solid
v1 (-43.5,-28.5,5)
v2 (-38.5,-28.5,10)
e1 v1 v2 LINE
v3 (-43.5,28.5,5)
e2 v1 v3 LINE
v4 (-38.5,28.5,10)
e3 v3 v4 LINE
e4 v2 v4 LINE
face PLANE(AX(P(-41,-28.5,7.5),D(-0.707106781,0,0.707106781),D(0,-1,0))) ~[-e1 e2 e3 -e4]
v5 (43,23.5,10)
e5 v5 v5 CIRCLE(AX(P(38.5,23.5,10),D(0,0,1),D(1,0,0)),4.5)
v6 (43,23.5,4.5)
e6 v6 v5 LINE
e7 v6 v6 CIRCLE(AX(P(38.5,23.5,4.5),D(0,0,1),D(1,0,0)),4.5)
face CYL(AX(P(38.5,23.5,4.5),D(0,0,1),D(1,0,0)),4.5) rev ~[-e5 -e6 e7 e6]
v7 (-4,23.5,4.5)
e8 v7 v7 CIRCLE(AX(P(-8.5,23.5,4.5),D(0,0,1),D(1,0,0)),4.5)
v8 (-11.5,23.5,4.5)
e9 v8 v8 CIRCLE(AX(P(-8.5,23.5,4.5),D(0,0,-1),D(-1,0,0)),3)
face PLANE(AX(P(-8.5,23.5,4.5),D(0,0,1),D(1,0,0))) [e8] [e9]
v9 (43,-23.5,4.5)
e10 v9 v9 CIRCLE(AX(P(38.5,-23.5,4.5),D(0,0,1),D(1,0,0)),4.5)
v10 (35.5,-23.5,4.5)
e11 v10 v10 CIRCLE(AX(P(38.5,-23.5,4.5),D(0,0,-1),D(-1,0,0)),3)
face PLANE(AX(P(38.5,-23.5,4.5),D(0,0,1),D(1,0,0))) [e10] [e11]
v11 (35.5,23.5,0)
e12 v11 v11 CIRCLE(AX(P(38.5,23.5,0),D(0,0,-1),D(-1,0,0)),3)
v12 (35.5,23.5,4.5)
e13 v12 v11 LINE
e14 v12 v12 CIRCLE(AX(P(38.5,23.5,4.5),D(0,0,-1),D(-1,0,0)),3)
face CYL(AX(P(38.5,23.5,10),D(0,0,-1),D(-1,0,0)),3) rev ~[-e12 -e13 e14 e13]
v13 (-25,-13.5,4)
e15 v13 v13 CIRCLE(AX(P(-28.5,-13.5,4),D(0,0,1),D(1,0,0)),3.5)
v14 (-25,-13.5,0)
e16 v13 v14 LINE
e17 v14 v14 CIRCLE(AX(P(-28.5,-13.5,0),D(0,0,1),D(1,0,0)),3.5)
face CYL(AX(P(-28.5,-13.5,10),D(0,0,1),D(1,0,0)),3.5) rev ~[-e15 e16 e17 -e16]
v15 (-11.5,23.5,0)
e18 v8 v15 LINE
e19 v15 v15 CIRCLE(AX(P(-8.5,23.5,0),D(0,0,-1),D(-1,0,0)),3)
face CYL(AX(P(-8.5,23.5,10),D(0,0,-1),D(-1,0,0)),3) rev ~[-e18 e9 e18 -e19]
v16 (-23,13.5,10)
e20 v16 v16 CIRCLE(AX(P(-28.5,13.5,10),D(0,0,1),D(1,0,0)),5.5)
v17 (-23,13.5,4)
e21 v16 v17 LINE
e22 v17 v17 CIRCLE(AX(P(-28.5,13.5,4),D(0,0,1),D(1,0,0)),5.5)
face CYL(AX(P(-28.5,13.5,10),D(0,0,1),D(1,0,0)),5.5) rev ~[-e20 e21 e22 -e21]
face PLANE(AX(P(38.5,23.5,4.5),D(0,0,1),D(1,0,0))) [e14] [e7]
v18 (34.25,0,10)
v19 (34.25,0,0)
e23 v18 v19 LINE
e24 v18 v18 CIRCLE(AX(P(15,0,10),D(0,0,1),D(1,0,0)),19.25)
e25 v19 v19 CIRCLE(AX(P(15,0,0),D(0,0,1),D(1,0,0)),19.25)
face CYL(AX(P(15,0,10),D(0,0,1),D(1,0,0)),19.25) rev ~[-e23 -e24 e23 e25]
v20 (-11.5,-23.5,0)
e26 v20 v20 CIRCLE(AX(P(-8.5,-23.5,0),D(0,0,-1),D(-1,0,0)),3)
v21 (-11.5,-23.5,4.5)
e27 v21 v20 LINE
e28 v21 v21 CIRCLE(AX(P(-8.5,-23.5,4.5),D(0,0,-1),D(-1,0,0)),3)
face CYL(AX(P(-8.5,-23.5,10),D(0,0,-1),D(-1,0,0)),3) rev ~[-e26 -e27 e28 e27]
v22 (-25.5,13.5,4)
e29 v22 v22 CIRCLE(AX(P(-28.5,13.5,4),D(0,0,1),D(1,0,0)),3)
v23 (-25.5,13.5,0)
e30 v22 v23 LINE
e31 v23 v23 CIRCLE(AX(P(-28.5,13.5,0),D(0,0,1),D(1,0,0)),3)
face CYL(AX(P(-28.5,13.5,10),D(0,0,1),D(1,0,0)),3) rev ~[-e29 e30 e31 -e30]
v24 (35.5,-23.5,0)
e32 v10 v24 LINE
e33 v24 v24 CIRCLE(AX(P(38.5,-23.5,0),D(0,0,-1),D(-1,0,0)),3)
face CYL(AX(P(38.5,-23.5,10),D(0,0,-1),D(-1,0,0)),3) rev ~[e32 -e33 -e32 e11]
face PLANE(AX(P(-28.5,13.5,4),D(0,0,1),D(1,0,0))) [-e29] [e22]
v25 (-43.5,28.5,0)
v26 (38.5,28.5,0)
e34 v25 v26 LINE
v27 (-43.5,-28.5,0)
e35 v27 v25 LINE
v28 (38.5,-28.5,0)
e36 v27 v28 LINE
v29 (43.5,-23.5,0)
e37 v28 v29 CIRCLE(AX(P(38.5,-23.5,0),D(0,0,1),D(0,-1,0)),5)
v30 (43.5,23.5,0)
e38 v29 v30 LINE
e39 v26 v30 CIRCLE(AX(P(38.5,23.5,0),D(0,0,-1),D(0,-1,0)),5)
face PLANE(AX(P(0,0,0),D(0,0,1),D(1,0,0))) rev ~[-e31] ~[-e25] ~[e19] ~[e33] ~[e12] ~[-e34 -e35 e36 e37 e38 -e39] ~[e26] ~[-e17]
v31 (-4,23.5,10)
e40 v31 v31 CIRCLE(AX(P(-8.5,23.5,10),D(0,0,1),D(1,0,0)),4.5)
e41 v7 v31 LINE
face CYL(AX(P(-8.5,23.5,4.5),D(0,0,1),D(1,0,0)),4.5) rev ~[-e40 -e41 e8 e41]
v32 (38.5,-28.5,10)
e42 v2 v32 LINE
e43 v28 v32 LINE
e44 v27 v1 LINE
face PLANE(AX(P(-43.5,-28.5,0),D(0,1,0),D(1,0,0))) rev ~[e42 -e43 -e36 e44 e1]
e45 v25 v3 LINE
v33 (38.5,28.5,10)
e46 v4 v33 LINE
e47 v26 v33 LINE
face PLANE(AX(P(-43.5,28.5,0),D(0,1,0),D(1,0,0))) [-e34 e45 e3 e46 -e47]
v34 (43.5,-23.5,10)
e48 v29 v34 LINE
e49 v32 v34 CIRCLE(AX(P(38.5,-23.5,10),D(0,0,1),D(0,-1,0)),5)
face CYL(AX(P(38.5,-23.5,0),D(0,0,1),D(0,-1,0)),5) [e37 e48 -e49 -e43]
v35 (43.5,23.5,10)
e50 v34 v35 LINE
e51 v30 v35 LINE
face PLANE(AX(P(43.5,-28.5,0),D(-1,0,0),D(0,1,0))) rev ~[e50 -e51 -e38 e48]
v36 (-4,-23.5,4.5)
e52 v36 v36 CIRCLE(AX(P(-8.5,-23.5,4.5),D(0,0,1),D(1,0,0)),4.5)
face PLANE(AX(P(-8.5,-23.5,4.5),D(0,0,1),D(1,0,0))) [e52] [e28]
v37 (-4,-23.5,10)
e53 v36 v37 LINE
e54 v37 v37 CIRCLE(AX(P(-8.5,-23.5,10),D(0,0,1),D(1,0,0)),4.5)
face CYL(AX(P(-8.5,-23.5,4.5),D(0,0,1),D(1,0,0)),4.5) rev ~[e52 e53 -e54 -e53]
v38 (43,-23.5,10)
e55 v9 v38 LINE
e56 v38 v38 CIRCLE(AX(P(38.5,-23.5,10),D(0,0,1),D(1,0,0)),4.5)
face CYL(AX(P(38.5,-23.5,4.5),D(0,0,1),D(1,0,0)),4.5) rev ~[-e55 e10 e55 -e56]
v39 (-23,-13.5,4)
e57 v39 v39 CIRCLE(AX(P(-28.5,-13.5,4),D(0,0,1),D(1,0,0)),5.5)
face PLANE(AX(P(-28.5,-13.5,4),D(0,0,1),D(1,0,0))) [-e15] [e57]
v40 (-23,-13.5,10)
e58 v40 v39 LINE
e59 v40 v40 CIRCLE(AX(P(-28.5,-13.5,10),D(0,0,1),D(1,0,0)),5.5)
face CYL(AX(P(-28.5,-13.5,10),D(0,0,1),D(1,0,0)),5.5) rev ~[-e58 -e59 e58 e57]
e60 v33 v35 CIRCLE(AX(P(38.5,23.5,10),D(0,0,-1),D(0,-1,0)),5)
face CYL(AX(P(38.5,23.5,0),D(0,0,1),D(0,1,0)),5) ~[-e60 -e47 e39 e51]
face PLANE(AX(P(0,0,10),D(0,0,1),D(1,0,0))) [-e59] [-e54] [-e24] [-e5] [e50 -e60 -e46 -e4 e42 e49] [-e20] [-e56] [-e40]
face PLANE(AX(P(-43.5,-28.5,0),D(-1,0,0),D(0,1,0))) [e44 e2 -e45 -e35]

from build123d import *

# Parameters (mm, degrees)
F0_W           = 87
F0_H           = 57
F1_DEPTH       = 10
F2_R           = 19.25
F2_R_2         = 3
F2_R_3         = 3.5
F3_DEPTH       = 10.001
F5_R           = 5.5
F6_DEPTH       = 6
F7_D           = 6
F7_CBORE_D     = 9
F7_CBORE_DEPTH = 5.5
F8_R           = 5
F9_SIZE        = 5


with BuildPart() as f1:
    # F0 (on Top) → F1 (new body)
    with BuildSketch(Plane.XY):
        Rectangle(F0_W, F0_H)
    extrude(amount=F1_DEPTH)

    # F2 (on face) → F3 (cut, through all)
    with BuildSketch(Plane.XY.offset(10)):
        with Locations((15, 0)):
            Circle(F2_R)
        with Locations((-28.5, 13.5)):
            Circle(F2_R_2)
        with Locations((-28.5, -13.5)):
            Circle(F2_R_3)
    extrude(amount=-F3_DEPTH, mode=Mode.SUBTRACT)

    # F5 (on face) → F6 (cut)
    with BuildSketch(Plane.XY.offset(10)):
        with Locations((-28.5, 13.5)):
            Circle(F5_R)
        with Locations((-28.5, -13.5)):
            Circle(F5_R)
    extrude(amount=-F6_DEPTH, mode=Mode.SUBTRACT)

    # F7 (through all)
    with Locations(Plane.XY.offset(10)):
        with Locations((-8.5, 23.5), (38.5, 23.5), (38.5, -23.5), (-8.5, -23.5)):
            CounterBoreHole(F7_D / 2, F7_CBORE_D / 2, F7_CBORE_DEPTH)

    # F8
    f8_edges = [f1.edges().sort_by_distance(p)[0] for p in [
        (43.5, -28.5, 5),
        (43.5, 28.5, 5),
    ]]
    fillet(f8_edges, radius=F8_R)

    # F9
    f9_edges = [f1.edges().sort_by_distance(p)[0] for p in [
        (-43.5, 0, 10),
    ]]
    chamfer(f9_edges, length=F9_SIZE)


solid = f1.part
